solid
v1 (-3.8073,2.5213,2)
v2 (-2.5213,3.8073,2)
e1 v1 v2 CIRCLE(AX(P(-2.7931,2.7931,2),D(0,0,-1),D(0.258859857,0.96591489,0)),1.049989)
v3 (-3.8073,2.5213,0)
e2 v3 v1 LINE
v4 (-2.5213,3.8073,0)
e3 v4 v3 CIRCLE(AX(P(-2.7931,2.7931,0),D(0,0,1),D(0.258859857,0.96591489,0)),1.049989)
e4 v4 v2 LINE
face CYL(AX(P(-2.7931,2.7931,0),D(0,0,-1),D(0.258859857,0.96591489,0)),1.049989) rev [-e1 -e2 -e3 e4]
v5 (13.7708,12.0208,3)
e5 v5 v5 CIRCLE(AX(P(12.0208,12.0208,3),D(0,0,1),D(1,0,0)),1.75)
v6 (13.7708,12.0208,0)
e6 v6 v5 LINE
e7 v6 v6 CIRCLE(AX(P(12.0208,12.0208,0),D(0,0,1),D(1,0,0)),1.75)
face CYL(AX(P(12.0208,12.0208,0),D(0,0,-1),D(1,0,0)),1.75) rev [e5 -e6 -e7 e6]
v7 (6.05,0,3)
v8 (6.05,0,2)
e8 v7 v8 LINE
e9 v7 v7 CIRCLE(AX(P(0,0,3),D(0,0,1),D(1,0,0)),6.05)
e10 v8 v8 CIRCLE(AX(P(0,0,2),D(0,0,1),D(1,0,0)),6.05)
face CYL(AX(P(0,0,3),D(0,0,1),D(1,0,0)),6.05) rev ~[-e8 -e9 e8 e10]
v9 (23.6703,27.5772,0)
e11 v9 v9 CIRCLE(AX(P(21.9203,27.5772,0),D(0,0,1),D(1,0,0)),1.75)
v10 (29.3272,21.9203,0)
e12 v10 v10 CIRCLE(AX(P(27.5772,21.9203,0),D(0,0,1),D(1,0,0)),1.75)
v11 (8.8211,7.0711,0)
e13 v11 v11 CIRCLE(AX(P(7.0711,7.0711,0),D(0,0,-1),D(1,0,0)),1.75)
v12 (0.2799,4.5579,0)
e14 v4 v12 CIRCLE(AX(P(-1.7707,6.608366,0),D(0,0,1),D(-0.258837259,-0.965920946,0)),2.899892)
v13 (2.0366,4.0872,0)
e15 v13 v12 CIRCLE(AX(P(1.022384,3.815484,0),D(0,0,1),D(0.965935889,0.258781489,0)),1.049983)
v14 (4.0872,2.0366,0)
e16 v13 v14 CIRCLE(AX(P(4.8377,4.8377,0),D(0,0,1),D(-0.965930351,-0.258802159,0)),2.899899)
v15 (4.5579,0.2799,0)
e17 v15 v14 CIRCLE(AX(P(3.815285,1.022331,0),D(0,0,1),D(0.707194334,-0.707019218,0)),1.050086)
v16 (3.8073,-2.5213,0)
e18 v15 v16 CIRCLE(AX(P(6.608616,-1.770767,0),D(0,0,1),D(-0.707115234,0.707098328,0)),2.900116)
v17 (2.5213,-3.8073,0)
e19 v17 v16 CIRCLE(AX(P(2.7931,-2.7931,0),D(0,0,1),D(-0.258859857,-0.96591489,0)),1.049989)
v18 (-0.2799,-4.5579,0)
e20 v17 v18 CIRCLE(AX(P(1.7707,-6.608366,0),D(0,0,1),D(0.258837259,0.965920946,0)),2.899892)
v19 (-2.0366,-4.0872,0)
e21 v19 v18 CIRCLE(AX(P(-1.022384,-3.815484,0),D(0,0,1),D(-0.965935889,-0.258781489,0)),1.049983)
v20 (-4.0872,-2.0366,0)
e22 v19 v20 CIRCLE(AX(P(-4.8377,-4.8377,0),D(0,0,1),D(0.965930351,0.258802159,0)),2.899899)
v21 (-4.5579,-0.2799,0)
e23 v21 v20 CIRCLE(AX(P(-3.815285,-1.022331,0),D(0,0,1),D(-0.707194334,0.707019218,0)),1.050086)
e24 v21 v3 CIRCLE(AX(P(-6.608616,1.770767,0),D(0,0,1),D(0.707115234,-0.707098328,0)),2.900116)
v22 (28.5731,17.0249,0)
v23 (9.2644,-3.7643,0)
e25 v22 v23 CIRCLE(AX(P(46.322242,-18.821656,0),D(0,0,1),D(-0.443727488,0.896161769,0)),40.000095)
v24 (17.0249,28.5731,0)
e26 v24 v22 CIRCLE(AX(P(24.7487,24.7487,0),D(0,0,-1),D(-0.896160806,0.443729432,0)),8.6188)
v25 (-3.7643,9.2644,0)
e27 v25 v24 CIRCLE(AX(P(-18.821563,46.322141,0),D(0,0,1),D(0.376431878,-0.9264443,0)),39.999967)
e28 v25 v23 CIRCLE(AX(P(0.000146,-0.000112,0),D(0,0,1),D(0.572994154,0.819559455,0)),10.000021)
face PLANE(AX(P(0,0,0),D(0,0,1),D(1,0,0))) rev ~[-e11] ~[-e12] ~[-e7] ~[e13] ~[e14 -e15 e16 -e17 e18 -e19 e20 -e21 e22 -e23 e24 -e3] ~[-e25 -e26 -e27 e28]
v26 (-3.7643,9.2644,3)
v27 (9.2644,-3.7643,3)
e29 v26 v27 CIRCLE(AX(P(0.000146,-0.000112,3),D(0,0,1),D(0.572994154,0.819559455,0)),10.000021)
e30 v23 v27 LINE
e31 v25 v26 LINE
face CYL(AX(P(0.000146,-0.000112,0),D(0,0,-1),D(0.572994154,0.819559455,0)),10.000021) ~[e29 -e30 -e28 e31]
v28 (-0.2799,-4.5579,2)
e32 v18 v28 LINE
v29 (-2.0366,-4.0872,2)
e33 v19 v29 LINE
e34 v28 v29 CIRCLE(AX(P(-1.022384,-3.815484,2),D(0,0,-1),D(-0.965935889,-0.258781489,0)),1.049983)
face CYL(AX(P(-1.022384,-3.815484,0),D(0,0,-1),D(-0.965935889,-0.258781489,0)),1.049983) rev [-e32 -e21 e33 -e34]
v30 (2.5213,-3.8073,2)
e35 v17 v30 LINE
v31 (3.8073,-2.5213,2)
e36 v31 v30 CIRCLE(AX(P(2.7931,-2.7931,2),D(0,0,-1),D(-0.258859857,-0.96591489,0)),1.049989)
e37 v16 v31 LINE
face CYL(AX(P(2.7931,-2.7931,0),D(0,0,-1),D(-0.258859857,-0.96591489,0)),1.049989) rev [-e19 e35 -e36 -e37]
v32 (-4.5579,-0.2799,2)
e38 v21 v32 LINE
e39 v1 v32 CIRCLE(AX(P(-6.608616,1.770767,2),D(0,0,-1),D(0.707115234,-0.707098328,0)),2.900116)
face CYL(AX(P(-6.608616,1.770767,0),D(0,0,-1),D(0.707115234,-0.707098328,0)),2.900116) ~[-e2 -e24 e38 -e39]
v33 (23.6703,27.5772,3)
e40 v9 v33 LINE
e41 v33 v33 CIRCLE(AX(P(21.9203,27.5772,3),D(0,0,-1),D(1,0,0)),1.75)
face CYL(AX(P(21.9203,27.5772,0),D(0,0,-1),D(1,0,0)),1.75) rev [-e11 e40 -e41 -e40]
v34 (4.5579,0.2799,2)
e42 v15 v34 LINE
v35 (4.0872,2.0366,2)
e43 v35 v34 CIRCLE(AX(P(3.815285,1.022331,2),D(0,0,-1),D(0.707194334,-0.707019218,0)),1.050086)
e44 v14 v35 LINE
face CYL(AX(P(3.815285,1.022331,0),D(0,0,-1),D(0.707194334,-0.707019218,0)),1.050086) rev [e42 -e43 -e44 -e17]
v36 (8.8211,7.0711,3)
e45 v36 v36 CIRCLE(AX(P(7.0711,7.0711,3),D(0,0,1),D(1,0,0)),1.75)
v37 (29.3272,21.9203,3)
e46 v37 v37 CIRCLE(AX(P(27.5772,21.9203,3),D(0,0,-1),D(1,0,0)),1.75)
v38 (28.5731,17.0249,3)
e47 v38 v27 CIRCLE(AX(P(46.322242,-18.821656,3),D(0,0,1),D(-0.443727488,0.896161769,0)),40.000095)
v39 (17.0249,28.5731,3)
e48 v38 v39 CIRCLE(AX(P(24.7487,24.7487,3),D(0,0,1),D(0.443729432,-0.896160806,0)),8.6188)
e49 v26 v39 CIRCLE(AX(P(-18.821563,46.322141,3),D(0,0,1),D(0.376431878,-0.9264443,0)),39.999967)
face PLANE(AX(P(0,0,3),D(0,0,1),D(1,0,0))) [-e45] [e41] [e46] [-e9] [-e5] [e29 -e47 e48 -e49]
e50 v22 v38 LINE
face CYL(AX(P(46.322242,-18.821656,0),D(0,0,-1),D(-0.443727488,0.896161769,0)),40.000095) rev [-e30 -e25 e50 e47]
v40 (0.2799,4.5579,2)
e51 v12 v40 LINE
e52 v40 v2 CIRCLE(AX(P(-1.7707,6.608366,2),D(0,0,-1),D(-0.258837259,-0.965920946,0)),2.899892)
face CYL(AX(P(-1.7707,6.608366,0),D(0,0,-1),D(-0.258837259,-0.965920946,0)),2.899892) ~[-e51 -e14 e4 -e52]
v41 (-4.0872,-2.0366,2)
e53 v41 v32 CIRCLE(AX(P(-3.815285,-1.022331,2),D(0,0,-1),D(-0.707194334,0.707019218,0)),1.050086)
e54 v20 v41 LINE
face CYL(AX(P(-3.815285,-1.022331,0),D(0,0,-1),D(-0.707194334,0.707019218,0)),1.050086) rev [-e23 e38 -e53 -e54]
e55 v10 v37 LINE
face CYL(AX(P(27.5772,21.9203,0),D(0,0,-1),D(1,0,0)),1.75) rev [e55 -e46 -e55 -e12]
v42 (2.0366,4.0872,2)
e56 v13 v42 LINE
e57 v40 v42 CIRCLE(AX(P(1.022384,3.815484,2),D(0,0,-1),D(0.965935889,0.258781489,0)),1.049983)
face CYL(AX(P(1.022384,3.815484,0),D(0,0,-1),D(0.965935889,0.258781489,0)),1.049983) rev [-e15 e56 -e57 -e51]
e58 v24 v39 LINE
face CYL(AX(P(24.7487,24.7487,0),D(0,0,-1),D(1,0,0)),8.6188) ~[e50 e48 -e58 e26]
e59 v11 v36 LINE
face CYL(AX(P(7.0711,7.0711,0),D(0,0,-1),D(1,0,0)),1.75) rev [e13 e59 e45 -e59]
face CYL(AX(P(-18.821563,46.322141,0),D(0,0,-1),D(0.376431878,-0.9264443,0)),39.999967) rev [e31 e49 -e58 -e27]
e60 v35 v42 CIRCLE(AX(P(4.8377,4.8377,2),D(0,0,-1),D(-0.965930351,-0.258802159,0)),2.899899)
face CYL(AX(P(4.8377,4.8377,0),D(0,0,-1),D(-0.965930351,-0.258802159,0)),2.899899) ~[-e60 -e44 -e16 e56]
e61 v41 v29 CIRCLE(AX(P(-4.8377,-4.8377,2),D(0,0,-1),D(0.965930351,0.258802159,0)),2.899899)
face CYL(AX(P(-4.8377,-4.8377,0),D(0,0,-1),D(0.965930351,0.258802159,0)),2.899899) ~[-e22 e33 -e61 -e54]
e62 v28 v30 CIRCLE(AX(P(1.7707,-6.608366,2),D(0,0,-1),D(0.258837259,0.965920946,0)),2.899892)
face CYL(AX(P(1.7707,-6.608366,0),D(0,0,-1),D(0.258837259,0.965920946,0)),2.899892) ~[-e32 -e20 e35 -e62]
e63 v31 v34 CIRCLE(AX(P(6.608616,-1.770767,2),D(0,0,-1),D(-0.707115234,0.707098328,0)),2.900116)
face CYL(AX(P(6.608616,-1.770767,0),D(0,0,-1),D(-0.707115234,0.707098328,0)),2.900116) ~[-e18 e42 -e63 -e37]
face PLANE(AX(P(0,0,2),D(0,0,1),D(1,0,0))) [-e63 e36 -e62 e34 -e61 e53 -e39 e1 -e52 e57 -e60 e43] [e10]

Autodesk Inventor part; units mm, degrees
ref_plane "YZ Plane" through (0, 0, 0) normal (1, 0, 0) x (0, 1, 0)
ref_plane "XZ Plane" through (0, 0, 0) normal (0, 1, 0) x (-1, 0, 0)
ref_plane "XY Plane" through (0, 0, 0) normal (0, 0, 1) x (1, 0, 0)
sketch "スケッチ1" plane through (0, 0, 0) normal (0, 0, 1) x (1, 0, 0)
  line L0 (0, 0) -> (24.7487, 24.7487) construction
  line L1 (0, 0) -> (8.6903, 0) construction
  circle A0 centre (7.0711, 7.0711) radius 1.75
  circle A1 centre (12.0208, 12.0208) radius 1.75
  circle A2 centre (24.7487, 24.7487) radius 4.6188 construction
  circle A3 centre (24.7487, 24.7487) radius 8.6188
  line L2 (21.4828, 21.4828) -> (28.0147, 28.0147) construction
  circle A4 centre (29.2102, 23.5533) radius 4 construction
  circle A5 centre (21.4828, 21.4828) radius 4 construction
  circle A6 centre (23.5533, 29.2102) radius 4 construction
  circle A7 centre (29.2102, 23.5533) radius 1.5
  circle A8 centre (21.4828, 21.4828) radius 1.5
  circle A9 centre (23.5533, 29.2102) radius 1.5
  circle A10 centre (24.7487, 24.7487) radius 0.8755 construction
  circle A11 centre (0, 0) radius 5 construction
  arc A12 (5.7301, 8.1955) -> (7.0711, 7.0711) centre (0, 0) ccw
  arc A13 (-3.7643, 9.2644) -> (17.0249, 28.5731) centre (-18.8216, 46.3222) ccw
  arc A14 (28.5731, 17.0249) -> (9.2644, -3.7643) centre (46.3222, -18.8216) ccw
  line L3 (-4.8296, -1.2941) -> (-3.5355, 3.5355) construction
  line L4 (-3.5355, 3.5355) -> (1.2941, 4.8296) construction
  line L5 (1.2941, 4.8296) -> (4.8296, 1.2941) construction
  line L6 (4.8296, 1.2941) -> (3.5355, -3.5355) construction
  line L7 (3.5355, -3.5355) -> (-1.2941, -4.8296) construction
  line L8 (-1.2941, -4.8296) -> (-4.8296, -1.2941) construction
  arc A15 (-2.5213, 3.8073) -> (-3.8073, 2.5213) centre (-2.7931, 2.7931) ccw
  arc A16 (-4.5579, -0.2799) -> (-4.0872, -2.0366) centre (-3.8154, -1.0223) ccw
  arc A17 (-2.0366, -4.0872) -> (-0.2799, -4.5579) centre (-1.0223, -3.8154) ccw
  arc A18 (2.5213, -3.8073) -> (3.8073, -2.5213) centre (2.7931, -2.7931) ccw
  arc A19 (4.5579, 0.2799) -> (4.0872, 2.0366) centre (3.8154, 1.0223) ccw
  arc A20 (2.0366, 4.0872) -> (0.2799, 4.5579) centre (1.0223, 3.8154) ccw
  arc A21 (-2.5213, 3.8073) -> (0.2799, 4.5579) centre (-1.7707, 6.6085) ccw
  arc A22 (-4.5579, -0.2799) -> (-3.8073, 2.5213) centre (-6.6085, 1.7707) ccw
  arc A23 (-2.0366, -4.0872) -> (-4.0872, -2.0366) centre (-4.8377, -4.8377) ccw
  arc A24 (2.5213, -3.8073) -> (-0.2799, -4.5579) centre (1.7707, -6.6085) ccw
  arc A25 (4.5579, 0.2799) -> (3.8073, -2.5213) centre (6.6085, -1.7707) ccw
  arc A26 (2.0366, 4.0872) -> (4.0872, 2.0366) centre (4.8377, 4.8377) ccw
  circle A27 centre (0, 0) radius 6.05
  circle A28 centre (24.7487, 24.7487) radius 4 construction
  circle A29 centre (24.7487, 24.7487) radius 8
  line L9 (21.0131, 23.3188) -> (28.4844, 26.1787) construction
  circle A30 centre (21.9203, 27.5772) radius 4 construction
  circle A31 centre (27.5772, 21.9203) radius 4 construction
  circle A32 centre (21.9203, 27.5772) radius 3
  circle A33 centre (27.5772, 21.9203) radius 3
  line L10 (21.9203, 27.5772) -> (27.5772, 21.9203) construction
  circle A34 centre (21.9203, 27.5772) radius 1.75
  circle A35 centre (27.5772, 21.9203) radius 1.75
  point P0 (220.0202, -53)
  point P1 (-4.8296, -1.2941)
  point P2 (-1.2941, -4.8296)
  point P3 (3.5355, -3.5355)
  point P4 (4.8296, 1.2941)
  point P5 (4.0872, 2.0366)
  point P6 (4.5579, 0.2799)
  point P7 (3.8073, -2.5213)
  point P8 (2.5213, -3.8073)
  point P9 (-0.2799, -4.5579)
  point P10 (-2.0366, -4.0872)
  point P11 (-4.0872, -2.0366)
  point P12 (-4.5579, -0.2799)
  dimension "d2" = 3.5
  dimension "d15" = 10
  dimension "d0" = 35
  dimension "d1" = 45
  dimension "d3" = 3.5
  dimension "d4" = 10
  dimension "d5" = 7
  dimension "d10" = 17.2376
  dimension "d11" = 8
  dimension "d13" = 3
  dimension "d16" = 20
  dimension "d17" = 40
  dimension "d22" = 360
  dimension "d26" = 360
  dimension "d28" = 1.05
  dimension "d29" = 12.1
  dimension "d32" = 16
  dimension "d33" = 8
  dimension "d34" = 6
  dimension "d35" = 6
  dimension "d36" = 3.5
  dimension "d37" = 3.5
extrude "押し出し1" add sketch "スケッチ1" along normal blind 3 contours A0 A12 A13 A3 A14 | A0 A12 | A3 | A7 A33 | A33 A7 A35 | A7 A35 A33 | A8 | A9 A32 | A32 A9 A34 | A9 A34 A32 | A27 | A29
sketch "スケッチ2" plane through (0, 0, 3) normal (0, 0, 1) x (1, 0, 0)
  circle A0 centre (0, 0) radius 6.05 projected
extrude "押し出し2" cut sketch "スケッチ2" against normal blind 1
equation "\"d37\" = d36"
properties part number "原動節" material "アルミニウム 2014-T4"
